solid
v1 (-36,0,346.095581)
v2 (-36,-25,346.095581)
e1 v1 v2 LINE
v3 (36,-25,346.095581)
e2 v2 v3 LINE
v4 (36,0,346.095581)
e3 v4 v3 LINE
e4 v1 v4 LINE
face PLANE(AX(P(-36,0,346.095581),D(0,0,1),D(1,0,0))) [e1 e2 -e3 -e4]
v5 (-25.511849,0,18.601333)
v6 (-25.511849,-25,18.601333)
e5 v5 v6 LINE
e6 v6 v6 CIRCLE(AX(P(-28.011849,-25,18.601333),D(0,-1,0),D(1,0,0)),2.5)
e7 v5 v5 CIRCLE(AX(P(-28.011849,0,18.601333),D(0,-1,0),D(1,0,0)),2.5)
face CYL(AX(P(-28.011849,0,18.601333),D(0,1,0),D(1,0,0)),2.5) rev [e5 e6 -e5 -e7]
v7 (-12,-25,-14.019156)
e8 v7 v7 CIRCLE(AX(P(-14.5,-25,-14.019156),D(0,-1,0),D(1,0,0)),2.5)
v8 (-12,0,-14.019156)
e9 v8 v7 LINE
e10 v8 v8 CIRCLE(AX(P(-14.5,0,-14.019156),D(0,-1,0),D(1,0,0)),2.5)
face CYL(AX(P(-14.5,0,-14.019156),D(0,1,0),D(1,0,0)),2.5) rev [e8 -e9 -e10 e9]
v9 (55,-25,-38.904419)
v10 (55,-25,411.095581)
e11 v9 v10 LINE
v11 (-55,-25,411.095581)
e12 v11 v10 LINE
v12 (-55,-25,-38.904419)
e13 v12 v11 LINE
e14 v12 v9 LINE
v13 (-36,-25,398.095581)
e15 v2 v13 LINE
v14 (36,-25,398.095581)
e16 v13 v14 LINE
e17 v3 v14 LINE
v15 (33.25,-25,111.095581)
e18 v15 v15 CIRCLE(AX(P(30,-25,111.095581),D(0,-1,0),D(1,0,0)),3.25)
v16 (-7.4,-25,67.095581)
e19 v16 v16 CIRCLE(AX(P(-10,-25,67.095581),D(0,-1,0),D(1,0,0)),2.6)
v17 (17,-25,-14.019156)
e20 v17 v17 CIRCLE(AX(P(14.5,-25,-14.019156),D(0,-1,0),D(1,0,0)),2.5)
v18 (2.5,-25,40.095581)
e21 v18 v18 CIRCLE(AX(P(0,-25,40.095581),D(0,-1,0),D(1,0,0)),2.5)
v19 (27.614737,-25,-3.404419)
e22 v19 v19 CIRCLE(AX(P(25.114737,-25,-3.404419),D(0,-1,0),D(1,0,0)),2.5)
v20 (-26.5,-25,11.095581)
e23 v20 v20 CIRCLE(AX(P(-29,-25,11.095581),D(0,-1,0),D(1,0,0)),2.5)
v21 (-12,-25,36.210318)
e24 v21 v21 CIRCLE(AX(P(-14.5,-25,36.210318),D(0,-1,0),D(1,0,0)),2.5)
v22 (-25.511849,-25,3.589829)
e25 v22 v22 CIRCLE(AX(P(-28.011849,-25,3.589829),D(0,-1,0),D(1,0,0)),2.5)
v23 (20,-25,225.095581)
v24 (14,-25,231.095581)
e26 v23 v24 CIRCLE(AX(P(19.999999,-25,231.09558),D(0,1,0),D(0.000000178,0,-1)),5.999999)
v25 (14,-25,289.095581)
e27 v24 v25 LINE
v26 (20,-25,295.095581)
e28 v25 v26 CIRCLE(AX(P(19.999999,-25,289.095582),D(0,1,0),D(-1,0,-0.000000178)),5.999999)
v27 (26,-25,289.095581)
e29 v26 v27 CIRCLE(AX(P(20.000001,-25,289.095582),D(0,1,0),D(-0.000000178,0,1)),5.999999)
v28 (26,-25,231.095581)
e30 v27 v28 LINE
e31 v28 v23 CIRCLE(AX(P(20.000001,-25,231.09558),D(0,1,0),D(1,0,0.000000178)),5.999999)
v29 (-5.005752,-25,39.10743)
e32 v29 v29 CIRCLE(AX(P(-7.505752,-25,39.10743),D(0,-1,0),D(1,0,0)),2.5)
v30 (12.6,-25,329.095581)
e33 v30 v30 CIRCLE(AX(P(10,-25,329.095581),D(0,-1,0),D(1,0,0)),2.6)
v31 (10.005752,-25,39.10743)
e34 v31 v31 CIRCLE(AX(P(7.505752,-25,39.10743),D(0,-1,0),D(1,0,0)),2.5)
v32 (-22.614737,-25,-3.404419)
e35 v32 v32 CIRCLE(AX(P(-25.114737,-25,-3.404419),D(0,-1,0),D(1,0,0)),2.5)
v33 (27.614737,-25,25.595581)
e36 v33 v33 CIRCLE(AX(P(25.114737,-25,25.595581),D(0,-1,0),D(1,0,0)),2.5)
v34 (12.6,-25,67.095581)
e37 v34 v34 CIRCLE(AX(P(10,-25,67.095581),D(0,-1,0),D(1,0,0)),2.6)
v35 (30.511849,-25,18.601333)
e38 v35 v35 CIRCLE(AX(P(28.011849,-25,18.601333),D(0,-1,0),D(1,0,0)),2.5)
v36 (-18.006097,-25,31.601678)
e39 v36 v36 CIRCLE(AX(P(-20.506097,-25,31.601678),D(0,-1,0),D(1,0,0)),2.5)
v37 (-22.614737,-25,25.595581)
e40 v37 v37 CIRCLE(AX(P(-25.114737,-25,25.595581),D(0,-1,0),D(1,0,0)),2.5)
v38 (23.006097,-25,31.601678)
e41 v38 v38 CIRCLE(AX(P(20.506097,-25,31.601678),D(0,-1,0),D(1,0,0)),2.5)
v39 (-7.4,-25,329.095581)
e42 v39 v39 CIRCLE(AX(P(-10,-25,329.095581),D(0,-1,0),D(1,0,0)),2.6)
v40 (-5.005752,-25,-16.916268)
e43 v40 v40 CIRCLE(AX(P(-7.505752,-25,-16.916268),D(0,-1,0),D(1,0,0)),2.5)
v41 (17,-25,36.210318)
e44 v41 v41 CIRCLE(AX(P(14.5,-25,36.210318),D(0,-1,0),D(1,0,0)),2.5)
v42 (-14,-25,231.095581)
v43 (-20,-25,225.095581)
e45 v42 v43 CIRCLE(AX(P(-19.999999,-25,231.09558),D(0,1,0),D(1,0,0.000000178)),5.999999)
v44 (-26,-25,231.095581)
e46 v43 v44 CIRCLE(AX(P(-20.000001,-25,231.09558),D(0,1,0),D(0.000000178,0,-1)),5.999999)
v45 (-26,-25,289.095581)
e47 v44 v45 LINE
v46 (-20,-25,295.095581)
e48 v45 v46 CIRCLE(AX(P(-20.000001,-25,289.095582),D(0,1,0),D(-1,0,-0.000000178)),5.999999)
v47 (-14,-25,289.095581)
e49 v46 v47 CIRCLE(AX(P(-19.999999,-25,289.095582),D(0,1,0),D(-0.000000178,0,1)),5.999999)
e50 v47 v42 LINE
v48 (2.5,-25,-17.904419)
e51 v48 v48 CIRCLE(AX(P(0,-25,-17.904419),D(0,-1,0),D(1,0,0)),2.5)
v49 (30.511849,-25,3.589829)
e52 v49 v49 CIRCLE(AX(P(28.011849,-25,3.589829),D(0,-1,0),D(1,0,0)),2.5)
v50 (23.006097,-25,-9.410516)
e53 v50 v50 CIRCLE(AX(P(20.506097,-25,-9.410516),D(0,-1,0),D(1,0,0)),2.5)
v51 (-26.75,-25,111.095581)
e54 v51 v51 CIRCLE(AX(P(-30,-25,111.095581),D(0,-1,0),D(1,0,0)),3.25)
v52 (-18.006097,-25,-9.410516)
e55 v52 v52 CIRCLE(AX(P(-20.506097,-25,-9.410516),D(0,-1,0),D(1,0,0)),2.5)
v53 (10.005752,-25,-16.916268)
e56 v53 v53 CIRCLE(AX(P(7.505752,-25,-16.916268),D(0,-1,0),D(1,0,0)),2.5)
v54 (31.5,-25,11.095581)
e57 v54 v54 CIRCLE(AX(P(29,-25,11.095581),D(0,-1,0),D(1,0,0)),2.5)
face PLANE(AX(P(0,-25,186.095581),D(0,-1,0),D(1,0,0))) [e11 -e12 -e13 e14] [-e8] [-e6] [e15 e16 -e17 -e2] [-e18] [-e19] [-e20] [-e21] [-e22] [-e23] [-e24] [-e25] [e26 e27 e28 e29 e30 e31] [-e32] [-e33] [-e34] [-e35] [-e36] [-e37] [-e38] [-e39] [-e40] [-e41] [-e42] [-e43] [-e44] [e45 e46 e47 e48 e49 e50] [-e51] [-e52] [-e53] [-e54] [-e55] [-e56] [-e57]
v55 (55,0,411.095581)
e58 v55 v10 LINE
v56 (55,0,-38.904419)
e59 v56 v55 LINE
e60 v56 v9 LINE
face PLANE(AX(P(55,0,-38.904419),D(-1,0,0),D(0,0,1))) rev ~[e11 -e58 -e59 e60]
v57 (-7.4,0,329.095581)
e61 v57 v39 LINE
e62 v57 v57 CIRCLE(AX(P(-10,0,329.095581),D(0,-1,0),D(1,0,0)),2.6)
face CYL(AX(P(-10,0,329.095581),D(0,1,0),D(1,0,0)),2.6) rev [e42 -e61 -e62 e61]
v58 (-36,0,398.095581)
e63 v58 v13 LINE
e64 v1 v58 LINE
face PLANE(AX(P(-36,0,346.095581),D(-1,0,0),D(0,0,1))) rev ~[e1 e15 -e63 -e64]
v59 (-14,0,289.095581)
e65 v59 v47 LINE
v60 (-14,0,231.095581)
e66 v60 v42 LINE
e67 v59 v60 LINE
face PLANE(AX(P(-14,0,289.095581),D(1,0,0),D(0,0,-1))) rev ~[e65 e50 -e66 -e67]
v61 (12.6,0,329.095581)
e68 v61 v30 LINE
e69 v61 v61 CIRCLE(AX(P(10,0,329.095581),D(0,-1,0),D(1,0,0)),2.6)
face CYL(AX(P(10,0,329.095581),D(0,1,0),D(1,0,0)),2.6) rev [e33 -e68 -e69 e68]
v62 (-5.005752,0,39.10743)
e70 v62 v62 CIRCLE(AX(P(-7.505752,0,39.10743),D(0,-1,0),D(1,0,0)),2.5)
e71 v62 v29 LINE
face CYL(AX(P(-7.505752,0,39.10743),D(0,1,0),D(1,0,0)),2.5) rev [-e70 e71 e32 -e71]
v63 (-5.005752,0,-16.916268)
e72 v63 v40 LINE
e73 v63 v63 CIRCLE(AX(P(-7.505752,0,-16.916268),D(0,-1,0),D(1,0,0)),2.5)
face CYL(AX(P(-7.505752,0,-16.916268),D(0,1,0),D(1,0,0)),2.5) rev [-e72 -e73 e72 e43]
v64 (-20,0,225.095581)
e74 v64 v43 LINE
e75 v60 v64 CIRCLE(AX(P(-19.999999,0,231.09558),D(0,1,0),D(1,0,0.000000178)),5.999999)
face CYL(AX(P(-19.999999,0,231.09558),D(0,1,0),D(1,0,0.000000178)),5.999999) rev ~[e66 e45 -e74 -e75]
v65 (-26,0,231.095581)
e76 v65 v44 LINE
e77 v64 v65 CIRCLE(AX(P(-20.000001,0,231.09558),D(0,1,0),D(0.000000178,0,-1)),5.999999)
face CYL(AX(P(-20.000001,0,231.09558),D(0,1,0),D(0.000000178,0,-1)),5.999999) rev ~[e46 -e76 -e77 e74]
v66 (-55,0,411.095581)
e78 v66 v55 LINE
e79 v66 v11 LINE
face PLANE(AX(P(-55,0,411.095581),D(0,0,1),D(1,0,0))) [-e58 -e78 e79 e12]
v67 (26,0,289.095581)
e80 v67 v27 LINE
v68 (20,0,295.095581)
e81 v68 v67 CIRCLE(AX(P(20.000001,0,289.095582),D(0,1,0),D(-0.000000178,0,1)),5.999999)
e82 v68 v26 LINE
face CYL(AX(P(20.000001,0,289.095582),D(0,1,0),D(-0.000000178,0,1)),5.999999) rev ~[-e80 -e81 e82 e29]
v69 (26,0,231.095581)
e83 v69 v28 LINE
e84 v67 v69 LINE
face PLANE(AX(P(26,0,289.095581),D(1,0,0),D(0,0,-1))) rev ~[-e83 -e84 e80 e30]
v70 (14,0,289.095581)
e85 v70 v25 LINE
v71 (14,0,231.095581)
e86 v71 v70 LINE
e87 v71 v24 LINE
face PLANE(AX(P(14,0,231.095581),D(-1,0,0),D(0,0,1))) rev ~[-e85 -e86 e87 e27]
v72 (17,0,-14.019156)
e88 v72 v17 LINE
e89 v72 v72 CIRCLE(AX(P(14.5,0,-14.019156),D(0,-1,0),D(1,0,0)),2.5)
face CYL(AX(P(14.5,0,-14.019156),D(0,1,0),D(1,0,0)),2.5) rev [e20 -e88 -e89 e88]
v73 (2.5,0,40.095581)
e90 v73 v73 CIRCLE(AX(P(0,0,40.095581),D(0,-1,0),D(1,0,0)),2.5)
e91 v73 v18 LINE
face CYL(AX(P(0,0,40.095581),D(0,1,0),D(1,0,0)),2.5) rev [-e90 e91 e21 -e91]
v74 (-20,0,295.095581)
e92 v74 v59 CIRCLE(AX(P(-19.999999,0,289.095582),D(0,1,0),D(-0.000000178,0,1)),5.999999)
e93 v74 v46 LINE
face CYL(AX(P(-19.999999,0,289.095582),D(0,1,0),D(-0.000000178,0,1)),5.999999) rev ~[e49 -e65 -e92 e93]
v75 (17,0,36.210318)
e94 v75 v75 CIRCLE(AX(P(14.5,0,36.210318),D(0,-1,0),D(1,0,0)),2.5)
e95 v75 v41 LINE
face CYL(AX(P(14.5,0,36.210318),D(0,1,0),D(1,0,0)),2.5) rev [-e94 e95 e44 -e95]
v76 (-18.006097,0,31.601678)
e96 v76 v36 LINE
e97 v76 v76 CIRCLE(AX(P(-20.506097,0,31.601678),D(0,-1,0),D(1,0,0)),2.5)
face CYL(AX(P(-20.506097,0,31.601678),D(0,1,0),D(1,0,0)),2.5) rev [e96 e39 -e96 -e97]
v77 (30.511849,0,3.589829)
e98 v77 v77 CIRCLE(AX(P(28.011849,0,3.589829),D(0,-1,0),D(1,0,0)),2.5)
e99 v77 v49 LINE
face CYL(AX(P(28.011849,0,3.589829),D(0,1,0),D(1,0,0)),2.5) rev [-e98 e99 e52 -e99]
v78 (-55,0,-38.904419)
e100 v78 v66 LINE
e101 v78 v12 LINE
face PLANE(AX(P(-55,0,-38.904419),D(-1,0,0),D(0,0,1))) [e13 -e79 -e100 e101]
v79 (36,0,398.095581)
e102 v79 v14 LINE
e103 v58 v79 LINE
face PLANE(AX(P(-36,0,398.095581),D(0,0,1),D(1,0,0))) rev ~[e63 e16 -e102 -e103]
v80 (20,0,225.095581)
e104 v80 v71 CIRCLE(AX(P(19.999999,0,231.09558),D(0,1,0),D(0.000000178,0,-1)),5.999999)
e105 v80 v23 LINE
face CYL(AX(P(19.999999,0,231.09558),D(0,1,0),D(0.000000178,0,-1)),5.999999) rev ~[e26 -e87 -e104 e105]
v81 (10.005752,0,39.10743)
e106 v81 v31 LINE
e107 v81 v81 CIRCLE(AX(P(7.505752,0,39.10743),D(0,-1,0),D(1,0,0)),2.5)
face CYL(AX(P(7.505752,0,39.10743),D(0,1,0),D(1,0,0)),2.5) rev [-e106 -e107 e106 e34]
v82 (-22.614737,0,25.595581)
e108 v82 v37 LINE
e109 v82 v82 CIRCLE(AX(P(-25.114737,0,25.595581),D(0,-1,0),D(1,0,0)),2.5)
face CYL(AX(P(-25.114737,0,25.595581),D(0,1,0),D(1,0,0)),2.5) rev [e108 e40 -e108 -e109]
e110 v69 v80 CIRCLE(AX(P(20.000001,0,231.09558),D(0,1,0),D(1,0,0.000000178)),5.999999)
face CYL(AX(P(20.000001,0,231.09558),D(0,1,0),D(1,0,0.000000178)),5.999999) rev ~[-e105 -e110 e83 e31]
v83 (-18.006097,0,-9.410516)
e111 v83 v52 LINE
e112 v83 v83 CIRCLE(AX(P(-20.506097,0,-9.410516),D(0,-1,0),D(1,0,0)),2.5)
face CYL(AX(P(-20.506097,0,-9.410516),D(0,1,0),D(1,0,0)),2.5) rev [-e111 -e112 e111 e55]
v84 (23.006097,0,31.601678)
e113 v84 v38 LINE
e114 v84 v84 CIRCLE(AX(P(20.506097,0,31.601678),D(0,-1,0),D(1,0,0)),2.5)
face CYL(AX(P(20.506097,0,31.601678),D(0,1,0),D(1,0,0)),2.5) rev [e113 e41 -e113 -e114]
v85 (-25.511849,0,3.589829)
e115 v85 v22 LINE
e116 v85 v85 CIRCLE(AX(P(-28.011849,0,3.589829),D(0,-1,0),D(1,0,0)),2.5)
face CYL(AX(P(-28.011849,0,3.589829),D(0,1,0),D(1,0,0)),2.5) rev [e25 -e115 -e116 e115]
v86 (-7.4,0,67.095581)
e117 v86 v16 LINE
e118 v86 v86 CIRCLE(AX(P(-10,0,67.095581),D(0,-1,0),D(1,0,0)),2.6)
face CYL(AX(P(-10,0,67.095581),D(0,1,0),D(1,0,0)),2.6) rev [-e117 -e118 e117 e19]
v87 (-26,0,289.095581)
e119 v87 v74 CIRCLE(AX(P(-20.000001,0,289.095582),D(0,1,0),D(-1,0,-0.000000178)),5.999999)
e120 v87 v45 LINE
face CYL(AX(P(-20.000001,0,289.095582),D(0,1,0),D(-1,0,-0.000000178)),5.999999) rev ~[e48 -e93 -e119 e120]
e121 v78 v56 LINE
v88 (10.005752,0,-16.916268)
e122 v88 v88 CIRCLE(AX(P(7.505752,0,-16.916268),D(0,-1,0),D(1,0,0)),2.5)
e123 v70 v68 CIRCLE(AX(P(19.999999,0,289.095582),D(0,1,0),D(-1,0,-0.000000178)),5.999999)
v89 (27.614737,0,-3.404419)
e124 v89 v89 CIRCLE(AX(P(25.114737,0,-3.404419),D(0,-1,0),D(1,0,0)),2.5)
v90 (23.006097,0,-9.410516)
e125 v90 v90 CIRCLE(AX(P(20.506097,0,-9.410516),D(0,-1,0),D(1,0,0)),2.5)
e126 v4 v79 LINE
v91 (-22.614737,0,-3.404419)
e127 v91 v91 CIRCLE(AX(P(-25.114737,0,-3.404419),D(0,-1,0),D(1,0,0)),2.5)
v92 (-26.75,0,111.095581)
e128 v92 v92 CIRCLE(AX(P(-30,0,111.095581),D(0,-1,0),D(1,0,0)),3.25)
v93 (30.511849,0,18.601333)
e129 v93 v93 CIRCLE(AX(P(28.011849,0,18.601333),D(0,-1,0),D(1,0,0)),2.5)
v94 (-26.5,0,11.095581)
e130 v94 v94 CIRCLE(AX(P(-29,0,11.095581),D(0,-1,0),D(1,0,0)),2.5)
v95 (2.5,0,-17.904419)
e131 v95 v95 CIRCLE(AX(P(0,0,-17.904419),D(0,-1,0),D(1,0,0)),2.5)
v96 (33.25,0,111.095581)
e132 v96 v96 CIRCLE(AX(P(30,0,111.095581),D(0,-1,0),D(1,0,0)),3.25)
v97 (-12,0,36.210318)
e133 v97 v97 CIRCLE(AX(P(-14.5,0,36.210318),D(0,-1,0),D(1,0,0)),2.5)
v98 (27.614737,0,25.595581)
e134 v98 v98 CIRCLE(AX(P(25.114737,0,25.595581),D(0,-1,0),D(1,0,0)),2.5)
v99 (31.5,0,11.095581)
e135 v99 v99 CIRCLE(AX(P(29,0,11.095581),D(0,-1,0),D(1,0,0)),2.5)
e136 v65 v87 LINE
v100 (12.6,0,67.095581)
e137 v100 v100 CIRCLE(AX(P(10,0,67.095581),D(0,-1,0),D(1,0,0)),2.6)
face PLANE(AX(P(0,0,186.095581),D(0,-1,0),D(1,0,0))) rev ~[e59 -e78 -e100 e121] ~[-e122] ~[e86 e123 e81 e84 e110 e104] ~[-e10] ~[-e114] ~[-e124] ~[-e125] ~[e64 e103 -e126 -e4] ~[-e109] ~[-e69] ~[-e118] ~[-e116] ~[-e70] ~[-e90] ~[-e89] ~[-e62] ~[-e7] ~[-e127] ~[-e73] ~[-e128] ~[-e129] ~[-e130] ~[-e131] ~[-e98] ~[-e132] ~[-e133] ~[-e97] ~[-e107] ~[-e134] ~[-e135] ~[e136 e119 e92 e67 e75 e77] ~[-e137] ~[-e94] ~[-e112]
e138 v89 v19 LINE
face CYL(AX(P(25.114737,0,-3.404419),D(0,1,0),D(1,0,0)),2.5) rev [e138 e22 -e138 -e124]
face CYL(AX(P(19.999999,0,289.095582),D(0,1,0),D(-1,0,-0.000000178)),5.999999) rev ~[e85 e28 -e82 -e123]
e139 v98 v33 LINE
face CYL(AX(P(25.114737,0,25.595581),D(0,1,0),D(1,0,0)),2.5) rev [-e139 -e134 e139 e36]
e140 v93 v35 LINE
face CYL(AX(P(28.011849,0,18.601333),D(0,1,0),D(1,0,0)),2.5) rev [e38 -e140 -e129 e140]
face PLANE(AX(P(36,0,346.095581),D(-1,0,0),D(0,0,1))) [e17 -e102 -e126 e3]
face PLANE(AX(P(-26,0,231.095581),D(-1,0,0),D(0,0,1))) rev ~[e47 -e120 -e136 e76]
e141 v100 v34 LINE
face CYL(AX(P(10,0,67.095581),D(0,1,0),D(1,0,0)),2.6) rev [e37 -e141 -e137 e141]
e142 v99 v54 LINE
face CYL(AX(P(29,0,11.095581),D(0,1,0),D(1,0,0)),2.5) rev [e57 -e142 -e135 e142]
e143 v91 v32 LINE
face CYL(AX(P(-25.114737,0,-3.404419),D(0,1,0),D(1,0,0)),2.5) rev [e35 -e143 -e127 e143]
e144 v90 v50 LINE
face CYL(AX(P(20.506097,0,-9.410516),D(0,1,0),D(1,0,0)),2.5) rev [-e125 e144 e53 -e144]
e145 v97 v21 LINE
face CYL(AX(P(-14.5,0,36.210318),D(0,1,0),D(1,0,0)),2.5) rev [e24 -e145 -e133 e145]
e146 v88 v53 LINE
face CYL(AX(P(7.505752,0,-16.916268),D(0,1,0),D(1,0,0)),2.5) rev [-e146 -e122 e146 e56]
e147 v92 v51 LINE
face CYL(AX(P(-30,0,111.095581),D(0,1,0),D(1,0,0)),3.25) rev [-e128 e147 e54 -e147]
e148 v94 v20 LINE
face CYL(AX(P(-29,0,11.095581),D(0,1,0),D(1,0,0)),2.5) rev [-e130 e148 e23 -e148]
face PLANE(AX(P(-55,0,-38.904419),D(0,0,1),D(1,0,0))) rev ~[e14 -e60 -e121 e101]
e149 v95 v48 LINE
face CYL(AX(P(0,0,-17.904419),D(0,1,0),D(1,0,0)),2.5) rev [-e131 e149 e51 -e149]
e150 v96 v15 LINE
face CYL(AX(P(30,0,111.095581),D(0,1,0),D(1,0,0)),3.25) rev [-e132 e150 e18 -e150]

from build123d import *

# Parameters (mm, degrees)
F0_W     = 110
F0_H     = 450
F0_R     = 2.5
F0_R_2   = 2.6
F0_R_3   = 3.25
F0_W_2   = 72
F0_H_2   = 52
F1_DEPTH = 25


with BuildPart() as f1:
    # F0 (on Front) → F1 (new body)
    with BuildSketch(Plane.XZ):
        with Locations((0, 186.095581)):
            Rectangle(F0_W, F0_H)
        with Locations((-28.011849, 3.589829)):
            Circle(F0_R, mode=Mode.SUBTRACT)
        with Locations((-29, 11.095581)):
            Circle(F0_R, mode=Mode.SUBTRACT)
        with Locations((-28.011849, 18.601333)):
            Circle(F0_R, mode=Mode.SUBTRACT)
        with Locations((-14.5, -14.019156)):
            Circle(F0_R, mode=Mode.SUBTRACT)
        with Locations((-25.114737, -3.404419)):
            Circle(F0_R, mode=Mode.SUBTRACT)
        with Locations((-20.506097, -9.410516)):
            Circle(F0_R, mode=Mode.SUBTRACT)
        with Locations((-7.505752, -16.916268)):
            Circle(F0_R, mode=Mode.SUBTRACT)
        with Locations((-25.114737, 25.595581)):
            Circle(F0_R, mode=Mode.SUBTRACT)
        with Locations((-20.506097, 31.601678)):
            Circle(F0_R, mode=Mode.SUBTRACT)
        with Locations((-14.5, 36.210318)):
            Circle(F0_R, mode=Mode.SUBTRACT)
        with Locations((-7.505752, 39.10743)):
            Circle(F0_R, mode=Mode.SUBTRACT)
        with Locations((-10, 67.095581)):
            Circle(F0_R_2, mode=Mode.SUBTRACT)
        with Locations((-30, 111.095581)):
            Circle(F0_R_3, mode=Mode.SUBTRACT)
        with Locations((0, -17.904419)):
            Circle(F0_R, mode=Mode.SUBTRACT)
        with Locations((7.505752, -16.916268)):
            Circle(F0_R, mode=Mode.SUBTRACT)
        with Locations((14.5, -14.019156)):
            Circle(F0_R, mode=Mode.SUBTRACT)
        with Locations((20.506097, -9.410516)):
            Circle(F0_R, mode=Mode.SUBTRACT)
        with Locations((25.114737, -3.404419)):
            Circle(F0_R, mode=Mode.SUBTRACT)
        with Locations((0, 40.095581)):
            Circle(F0_R, mode=Mode.SUBTRACT)
        with Locations((7.505752, 39.10743)):
            Circle(F0_R, mode=Mode.SUBTRACT)
        with Locations((10, 67.095581)):
            Circle(F0_R_2, mode=Mode.SUBTRACT)
        with Locations((14.5, 36.210318)):
            Circle(F0_R, mode=Mode.SUBTRACT)
        with Locations((20.506097, 31.601678)):
            Circle(F0_R, mode=Mode.SUBTRACT)
        with Locations((25.114737, 25.595581)):
            Circle(F0_R, mode=Mode.SUBTRACT)
        with Locations((28.011849, 3.589829)):
            Circle(F0_R, mode=Mode.SUBTRACT)
        with Locations((29, 11.095581)):
            Circle(F0_R, mode=Mode.SUBTRACT)
        with Locations((28.011849, 18.601333)):
            Circle(F0_R, mode=Mode.SUBTRACT)
        with Locations((30, 111.095581)):
            Circle(F0_R_3, mode=Mode.SUBTRACT)
        with BuildLine():
            Line((-26, 231.095581), (-26, 289.095581))
            ThreePointArc((-26, 289.095581), (-24.242641, 293.338222), (-20, 295.095581))
            ThreePointArc((-20, 295.095581), (-15.757359, 293.338222), (-14, 289.095581))
            Line((-14, 289.095581), (-14, 231.095581))
            ThreePointArc((-14, 231.095581), (-15.757359, 226.85294), (-20, 225.095581))
            ThreePointArc((-20, 225.095581), (-24.242641, 226.85294), (-26, 231.095581))
        make_face(mode=Mode.SUBTRACT)
        with Locations((-10, 329.095581)):
            Circle(F0_R_2, mode=Mode.SUBTRACT)
        with BuildLine():
            Line((14, 231.095581), (14, 289.095581))
            ThreePointArc((14, 289.095581), (15.757359, 293.338222), (20, 295.095581))
            ThreePointArc((20, 295.095581), (24.242641, 293.338222), (26, 289.095581))
            Line((26, 289.095581), (26, 231.095581))
            ThreePointArc((26, 231.095581), (24.242641, 226.85294), (20, 225.095581))
            ThreePointArc((20, 225.095581), (15.757359, 226.85294), (14, 231.095581))
        make_face(mode=Mode.SUBTRACT)
        with Locations((10, 329.095581)):
            Circle(F0_R_2, mode=Mode.SUBTRACT)
        with Locations((0, 372.095581)):
            Rectangle(F0_W_2, F0_H_2, mode=Mode.SUBTRACT)
    extrude(amount=F1_DEPTH)


solid = f1.part
